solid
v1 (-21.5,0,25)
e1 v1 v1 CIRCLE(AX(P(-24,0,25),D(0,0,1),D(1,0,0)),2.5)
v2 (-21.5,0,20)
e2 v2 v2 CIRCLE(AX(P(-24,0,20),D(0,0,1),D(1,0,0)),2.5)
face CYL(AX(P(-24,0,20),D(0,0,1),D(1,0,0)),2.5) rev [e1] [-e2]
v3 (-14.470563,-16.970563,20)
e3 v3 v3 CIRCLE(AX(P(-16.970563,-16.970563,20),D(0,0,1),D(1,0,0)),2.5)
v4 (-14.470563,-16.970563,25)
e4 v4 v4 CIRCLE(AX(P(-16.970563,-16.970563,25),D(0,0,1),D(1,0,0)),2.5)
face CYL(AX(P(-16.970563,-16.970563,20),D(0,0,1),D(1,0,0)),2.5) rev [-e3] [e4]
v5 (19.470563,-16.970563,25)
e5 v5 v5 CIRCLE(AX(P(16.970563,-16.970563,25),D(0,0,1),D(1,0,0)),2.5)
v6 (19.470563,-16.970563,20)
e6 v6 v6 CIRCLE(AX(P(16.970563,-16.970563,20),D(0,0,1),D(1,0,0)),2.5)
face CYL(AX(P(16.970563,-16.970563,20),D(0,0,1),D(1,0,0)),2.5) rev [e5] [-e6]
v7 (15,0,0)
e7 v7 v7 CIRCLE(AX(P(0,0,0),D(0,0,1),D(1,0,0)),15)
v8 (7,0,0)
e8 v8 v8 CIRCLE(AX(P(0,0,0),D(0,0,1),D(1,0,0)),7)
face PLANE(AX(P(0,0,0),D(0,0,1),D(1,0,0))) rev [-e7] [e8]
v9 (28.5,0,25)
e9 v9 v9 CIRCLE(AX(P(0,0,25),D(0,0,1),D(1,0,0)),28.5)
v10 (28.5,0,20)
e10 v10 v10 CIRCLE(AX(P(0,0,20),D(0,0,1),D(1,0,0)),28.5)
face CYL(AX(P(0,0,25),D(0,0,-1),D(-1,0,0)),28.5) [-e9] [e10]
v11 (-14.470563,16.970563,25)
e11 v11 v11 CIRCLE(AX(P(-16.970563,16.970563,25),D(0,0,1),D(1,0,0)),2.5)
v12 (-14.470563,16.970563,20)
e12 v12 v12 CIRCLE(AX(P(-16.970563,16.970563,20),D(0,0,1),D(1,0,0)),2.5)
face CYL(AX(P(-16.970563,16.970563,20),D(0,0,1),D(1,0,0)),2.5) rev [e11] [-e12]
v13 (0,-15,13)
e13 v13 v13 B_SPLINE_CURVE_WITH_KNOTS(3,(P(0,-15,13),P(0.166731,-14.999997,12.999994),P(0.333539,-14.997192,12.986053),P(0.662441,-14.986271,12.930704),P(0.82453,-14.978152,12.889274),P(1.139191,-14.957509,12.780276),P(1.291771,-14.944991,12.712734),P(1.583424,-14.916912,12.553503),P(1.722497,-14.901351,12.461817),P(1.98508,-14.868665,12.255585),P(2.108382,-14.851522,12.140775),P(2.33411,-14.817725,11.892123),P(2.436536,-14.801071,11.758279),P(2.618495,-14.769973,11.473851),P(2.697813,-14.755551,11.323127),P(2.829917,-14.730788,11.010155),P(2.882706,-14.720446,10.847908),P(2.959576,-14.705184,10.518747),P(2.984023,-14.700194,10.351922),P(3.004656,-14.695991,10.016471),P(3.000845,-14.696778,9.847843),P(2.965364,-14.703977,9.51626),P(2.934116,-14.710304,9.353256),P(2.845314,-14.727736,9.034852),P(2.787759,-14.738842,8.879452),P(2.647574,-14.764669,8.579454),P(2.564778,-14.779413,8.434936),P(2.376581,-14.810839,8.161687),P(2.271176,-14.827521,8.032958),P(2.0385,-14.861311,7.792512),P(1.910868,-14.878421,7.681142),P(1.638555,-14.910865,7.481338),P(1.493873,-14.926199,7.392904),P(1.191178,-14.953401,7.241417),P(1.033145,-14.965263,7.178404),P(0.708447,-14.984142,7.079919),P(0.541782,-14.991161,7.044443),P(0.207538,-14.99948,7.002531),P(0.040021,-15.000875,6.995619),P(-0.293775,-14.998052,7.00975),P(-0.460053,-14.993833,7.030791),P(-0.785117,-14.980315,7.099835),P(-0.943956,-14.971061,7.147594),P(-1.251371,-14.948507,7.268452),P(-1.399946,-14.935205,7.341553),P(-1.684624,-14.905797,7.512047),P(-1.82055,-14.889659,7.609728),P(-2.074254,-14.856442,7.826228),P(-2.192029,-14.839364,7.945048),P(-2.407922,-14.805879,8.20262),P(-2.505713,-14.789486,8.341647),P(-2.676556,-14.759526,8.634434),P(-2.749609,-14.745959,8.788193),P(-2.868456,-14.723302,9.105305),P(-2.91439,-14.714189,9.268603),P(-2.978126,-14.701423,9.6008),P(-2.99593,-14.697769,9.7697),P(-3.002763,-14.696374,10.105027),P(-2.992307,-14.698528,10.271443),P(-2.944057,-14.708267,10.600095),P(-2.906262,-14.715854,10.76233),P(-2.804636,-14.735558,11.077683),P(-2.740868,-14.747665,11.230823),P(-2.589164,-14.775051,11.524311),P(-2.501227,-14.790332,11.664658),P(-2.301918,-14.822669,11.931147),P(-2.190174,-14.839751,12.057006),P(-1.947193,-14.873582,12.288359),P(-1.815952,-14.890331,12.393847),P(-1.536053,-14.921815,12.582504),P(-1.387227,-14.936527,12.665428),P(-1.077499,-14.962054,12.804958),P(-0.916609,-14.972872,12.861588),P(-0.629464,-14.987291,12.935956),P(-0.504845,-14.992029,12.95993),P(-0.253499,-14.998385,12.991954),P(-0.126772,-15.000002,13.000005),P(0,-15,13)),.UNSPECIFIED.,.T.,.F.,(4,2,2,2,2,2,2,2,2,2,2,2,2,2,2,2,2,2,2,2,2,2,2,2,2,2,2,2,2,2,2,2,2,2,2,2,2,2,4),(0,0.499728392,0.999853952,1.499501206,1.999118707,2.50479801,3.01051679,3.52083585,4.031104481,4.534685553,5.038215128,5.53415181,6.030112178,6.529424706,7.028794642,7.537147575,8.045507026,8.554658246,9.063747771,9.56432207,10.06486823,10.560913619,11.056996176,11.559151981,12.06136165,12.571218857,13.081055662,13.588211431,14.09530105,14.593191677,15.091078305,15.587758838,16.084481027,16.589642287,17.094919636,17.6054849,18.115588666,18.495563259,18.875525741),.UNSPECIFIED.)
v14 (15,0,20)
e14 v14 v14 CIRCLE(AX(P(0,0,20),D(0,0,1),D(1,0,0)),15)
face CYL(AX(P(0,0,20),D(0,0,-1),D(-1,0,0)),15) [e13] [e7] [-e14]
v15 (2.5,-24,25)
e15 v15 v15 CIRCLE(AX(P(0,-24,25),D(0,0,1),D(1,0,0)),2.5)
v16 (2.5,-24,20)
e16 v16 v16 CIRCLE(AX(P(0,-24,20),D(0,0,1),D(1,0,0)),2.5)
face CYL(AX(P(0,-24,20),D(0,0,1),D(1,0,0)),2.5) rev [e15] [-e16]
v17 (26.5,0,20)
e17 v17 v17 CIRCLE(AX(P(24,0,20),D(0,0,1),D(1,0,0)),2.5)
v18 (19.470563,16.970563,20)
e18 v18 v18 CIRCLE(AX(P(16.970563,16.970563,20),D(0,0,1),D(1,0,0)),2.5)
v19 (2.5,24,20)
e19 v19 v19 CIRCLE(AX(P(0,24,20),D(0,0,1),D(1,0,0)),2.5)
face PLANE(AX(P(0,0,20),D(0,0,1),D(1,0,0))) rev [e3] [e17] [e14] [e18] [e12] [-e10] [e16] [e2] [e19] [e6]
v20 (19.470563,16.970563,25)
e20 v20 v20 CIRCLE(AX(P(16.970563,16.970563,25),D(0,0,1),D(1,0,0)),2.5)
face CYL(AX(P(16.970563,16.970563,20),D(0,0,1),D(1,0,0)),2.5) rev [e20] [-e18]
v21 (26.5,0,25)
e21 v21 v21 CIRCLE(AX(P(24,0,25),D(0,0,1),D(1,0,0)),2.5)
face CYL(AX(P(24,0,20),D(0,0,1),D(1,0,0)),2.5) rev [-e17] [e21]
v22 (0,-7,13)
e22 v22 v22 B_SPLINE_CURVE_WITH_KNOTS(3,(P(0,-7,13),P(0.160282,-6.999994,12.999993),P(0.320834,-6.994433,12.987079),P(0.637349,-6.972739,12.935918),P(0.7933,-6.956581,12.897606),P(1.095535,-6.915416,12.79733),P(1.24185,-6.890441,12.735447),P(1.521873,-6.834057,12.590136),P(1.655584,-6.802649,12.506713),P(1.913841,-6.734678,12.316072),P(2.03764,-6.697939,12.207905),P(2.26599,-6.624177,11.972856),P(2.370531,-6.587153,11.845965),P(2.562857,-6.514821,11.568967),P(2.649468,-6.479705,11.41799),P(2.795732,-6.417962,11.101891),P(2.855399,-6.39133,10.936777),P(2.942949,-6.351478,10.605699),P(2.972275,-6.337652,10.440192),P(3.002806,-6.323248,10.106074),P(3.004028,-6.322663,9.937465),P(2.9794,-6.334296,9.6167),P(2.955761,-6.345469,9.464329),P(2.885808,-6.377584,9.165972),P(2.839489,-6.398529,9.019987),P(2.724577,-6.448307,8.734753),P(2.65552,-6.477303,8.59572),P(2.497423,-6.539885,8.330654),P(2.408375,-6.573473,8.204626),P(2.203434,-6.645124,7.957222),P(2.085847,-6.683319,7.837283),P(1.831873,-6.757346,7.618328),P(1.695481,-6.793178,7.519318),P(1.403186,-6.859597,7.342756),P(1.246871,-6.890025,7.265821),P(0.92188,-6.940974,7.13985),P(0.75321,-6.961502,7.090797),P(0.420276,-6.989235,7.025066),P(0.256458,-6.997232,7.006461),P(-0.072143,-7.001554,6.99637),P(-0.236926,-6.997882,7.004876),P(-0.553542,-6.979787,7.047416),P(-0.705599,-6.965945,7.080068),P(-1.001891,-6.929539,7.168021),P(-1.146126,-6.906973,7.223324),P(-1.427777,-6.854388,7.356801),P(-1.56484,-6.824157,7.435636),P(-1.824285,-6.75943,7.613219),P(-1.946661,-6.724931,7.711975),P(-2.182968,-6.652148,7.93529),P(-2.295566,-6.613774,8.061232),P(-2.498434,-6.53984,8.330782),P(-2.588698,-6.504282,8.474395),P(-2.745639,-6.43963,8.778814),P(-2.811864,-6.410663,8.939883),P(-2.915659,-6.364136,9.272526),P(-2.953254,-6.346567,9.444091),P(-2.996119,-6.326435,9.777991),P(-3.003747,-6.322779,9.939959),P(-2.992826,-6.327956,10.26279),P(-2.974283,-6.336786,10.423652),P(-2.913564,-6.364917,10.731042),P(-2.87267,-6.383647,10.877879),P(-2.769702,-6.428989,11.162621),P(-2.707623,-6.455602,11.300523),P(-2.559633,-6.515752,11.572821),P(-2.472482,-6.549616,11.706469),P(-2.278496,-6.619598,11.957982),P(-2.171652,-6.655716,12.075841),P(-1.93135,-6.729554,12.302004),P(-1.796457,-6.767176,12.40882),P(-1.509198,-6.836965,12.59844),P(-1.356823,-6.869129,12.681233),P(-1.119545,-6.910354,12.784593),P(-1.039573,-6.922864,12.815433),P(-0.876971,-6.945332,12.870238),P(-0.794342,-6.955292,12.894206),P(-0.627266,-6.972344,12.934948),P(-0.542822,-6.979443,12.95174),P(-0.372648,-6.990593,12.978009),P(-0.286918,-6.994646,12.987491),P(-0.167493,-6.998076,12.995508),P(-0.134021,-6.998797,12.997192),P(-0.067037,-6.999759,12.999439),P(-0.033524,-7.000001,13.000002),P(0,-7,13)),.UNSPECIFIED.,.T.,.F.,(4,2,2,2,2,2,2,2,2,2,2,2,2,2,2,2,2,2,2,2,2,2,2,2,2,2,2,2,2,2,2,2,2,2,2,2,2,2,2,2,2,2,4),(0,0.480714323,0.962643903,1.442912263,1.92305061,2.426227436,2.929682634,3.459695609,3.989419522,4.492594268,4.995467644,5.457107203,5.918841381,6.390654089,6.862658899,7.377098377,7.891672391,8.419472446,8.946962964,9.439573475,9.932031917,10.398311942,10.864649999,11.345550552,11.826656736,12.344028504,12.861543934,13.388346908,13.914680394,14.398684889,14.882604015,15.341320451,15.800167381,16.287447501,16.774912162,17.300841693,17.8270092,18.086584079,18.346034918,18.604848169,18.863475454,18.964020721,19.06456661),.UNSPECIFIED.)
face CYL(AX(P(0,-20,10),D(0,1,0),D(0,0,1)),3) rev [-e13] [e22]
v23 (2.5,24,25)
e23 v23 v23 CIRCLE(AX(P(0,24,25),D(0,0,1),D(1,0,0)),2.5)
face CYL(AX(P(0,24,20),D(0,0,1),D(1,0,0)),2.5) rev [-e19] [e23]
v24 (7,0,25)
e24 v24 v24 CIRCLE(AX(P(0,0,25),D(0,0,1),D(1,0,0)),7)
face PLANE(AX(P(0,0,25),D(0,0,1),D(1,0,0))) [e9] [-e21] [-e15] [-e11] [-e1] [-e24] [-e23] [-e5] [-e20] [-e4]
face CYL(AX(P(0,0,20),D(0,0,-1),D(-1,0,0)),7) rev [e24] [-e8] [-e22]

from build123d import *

# Parameters (mm, degrees)
SKETCH_1_R          = 15
SKETCH_1_R_2        = 7
EXTRUDE_1_DEPTH     = 20
SKETCH_2_R          = 28.5
SKETCH_2_R_2        = 7
EXTRUDE_2_DEPTH     = 5
SKETCH_3_R          = 2.5
CUT_EXTRUDE_1_DEPTH = 5
SKETCH_4_R          = 3
CUT_EXTRUDE_2_DEPTH = 20


with BuildPart() as part:
    # 草图1 → 凸台-拉伸1 (new body)
    with BuildSketch(Plane.XY):
        Circle(SKETCH_1_R)
        Circle(SKETCH_1_R_2, mode=Mode.SUBTRACT)
    extrude(amount=EXTRUDE_1_DEPTH)

    # 草图2 → 凸台-拉伸2 (add)
    with BuildSketch(Plane.XY.offset(20)):
        Circle(SKETCH_2_R)
        Circle(SKETCH_2_R_2, mode=Mode.SUBTRACT)
    extrude(amount=EXTRUDE_2_DEPTH)

    # 草图3 → 切除-拉伸1 (cut)
    with BuildSketch(Plane.XY.offset(25)):
        with Locations((0, -24)):
            Circle(SKETCH_3_R)
        with Locations((-16.970562748, -16.970562748)):
            Circle(SKETCH_3_R)
        with Locations((-24, 0)):
            Circle(SKETCH_3_R)
        with Locations((-16.970562748, 16.970562748)):
            Circle(SKETCH_3_R)
        with Locations((0, 24)):
            Circle(SKETCH_3_R)
        with Locations((16.970562748, 16.970562748)):
            Circle(SKETCH_3_R)
        with Locations((24, 0)):
            Circle(SKETCH_3_R)
        with Locations((16.970562748, -16.970562748)):
            Circle(SKETCH_3_R)
    extrude(amount=-CUT_EXTRUDE_1_DEPTH, mode=Mode.SUBTRACT)

    # 草图4 → 切除-拉伸2 (cut)
    with BuildSketch(Plane(origin=(0, 0, 0), x_dir=(1, 0, 0), z_dir=(0, 1, 0))):
        with Locations(Location((0, -10, 0), (0, 0, 270))):
            Circle(SKETCH_4_R)
    extrude(amount=-CUT_EXTRUDE_2_DEPTH, mode=Mode.SUBTRACT)


solid = part.part
